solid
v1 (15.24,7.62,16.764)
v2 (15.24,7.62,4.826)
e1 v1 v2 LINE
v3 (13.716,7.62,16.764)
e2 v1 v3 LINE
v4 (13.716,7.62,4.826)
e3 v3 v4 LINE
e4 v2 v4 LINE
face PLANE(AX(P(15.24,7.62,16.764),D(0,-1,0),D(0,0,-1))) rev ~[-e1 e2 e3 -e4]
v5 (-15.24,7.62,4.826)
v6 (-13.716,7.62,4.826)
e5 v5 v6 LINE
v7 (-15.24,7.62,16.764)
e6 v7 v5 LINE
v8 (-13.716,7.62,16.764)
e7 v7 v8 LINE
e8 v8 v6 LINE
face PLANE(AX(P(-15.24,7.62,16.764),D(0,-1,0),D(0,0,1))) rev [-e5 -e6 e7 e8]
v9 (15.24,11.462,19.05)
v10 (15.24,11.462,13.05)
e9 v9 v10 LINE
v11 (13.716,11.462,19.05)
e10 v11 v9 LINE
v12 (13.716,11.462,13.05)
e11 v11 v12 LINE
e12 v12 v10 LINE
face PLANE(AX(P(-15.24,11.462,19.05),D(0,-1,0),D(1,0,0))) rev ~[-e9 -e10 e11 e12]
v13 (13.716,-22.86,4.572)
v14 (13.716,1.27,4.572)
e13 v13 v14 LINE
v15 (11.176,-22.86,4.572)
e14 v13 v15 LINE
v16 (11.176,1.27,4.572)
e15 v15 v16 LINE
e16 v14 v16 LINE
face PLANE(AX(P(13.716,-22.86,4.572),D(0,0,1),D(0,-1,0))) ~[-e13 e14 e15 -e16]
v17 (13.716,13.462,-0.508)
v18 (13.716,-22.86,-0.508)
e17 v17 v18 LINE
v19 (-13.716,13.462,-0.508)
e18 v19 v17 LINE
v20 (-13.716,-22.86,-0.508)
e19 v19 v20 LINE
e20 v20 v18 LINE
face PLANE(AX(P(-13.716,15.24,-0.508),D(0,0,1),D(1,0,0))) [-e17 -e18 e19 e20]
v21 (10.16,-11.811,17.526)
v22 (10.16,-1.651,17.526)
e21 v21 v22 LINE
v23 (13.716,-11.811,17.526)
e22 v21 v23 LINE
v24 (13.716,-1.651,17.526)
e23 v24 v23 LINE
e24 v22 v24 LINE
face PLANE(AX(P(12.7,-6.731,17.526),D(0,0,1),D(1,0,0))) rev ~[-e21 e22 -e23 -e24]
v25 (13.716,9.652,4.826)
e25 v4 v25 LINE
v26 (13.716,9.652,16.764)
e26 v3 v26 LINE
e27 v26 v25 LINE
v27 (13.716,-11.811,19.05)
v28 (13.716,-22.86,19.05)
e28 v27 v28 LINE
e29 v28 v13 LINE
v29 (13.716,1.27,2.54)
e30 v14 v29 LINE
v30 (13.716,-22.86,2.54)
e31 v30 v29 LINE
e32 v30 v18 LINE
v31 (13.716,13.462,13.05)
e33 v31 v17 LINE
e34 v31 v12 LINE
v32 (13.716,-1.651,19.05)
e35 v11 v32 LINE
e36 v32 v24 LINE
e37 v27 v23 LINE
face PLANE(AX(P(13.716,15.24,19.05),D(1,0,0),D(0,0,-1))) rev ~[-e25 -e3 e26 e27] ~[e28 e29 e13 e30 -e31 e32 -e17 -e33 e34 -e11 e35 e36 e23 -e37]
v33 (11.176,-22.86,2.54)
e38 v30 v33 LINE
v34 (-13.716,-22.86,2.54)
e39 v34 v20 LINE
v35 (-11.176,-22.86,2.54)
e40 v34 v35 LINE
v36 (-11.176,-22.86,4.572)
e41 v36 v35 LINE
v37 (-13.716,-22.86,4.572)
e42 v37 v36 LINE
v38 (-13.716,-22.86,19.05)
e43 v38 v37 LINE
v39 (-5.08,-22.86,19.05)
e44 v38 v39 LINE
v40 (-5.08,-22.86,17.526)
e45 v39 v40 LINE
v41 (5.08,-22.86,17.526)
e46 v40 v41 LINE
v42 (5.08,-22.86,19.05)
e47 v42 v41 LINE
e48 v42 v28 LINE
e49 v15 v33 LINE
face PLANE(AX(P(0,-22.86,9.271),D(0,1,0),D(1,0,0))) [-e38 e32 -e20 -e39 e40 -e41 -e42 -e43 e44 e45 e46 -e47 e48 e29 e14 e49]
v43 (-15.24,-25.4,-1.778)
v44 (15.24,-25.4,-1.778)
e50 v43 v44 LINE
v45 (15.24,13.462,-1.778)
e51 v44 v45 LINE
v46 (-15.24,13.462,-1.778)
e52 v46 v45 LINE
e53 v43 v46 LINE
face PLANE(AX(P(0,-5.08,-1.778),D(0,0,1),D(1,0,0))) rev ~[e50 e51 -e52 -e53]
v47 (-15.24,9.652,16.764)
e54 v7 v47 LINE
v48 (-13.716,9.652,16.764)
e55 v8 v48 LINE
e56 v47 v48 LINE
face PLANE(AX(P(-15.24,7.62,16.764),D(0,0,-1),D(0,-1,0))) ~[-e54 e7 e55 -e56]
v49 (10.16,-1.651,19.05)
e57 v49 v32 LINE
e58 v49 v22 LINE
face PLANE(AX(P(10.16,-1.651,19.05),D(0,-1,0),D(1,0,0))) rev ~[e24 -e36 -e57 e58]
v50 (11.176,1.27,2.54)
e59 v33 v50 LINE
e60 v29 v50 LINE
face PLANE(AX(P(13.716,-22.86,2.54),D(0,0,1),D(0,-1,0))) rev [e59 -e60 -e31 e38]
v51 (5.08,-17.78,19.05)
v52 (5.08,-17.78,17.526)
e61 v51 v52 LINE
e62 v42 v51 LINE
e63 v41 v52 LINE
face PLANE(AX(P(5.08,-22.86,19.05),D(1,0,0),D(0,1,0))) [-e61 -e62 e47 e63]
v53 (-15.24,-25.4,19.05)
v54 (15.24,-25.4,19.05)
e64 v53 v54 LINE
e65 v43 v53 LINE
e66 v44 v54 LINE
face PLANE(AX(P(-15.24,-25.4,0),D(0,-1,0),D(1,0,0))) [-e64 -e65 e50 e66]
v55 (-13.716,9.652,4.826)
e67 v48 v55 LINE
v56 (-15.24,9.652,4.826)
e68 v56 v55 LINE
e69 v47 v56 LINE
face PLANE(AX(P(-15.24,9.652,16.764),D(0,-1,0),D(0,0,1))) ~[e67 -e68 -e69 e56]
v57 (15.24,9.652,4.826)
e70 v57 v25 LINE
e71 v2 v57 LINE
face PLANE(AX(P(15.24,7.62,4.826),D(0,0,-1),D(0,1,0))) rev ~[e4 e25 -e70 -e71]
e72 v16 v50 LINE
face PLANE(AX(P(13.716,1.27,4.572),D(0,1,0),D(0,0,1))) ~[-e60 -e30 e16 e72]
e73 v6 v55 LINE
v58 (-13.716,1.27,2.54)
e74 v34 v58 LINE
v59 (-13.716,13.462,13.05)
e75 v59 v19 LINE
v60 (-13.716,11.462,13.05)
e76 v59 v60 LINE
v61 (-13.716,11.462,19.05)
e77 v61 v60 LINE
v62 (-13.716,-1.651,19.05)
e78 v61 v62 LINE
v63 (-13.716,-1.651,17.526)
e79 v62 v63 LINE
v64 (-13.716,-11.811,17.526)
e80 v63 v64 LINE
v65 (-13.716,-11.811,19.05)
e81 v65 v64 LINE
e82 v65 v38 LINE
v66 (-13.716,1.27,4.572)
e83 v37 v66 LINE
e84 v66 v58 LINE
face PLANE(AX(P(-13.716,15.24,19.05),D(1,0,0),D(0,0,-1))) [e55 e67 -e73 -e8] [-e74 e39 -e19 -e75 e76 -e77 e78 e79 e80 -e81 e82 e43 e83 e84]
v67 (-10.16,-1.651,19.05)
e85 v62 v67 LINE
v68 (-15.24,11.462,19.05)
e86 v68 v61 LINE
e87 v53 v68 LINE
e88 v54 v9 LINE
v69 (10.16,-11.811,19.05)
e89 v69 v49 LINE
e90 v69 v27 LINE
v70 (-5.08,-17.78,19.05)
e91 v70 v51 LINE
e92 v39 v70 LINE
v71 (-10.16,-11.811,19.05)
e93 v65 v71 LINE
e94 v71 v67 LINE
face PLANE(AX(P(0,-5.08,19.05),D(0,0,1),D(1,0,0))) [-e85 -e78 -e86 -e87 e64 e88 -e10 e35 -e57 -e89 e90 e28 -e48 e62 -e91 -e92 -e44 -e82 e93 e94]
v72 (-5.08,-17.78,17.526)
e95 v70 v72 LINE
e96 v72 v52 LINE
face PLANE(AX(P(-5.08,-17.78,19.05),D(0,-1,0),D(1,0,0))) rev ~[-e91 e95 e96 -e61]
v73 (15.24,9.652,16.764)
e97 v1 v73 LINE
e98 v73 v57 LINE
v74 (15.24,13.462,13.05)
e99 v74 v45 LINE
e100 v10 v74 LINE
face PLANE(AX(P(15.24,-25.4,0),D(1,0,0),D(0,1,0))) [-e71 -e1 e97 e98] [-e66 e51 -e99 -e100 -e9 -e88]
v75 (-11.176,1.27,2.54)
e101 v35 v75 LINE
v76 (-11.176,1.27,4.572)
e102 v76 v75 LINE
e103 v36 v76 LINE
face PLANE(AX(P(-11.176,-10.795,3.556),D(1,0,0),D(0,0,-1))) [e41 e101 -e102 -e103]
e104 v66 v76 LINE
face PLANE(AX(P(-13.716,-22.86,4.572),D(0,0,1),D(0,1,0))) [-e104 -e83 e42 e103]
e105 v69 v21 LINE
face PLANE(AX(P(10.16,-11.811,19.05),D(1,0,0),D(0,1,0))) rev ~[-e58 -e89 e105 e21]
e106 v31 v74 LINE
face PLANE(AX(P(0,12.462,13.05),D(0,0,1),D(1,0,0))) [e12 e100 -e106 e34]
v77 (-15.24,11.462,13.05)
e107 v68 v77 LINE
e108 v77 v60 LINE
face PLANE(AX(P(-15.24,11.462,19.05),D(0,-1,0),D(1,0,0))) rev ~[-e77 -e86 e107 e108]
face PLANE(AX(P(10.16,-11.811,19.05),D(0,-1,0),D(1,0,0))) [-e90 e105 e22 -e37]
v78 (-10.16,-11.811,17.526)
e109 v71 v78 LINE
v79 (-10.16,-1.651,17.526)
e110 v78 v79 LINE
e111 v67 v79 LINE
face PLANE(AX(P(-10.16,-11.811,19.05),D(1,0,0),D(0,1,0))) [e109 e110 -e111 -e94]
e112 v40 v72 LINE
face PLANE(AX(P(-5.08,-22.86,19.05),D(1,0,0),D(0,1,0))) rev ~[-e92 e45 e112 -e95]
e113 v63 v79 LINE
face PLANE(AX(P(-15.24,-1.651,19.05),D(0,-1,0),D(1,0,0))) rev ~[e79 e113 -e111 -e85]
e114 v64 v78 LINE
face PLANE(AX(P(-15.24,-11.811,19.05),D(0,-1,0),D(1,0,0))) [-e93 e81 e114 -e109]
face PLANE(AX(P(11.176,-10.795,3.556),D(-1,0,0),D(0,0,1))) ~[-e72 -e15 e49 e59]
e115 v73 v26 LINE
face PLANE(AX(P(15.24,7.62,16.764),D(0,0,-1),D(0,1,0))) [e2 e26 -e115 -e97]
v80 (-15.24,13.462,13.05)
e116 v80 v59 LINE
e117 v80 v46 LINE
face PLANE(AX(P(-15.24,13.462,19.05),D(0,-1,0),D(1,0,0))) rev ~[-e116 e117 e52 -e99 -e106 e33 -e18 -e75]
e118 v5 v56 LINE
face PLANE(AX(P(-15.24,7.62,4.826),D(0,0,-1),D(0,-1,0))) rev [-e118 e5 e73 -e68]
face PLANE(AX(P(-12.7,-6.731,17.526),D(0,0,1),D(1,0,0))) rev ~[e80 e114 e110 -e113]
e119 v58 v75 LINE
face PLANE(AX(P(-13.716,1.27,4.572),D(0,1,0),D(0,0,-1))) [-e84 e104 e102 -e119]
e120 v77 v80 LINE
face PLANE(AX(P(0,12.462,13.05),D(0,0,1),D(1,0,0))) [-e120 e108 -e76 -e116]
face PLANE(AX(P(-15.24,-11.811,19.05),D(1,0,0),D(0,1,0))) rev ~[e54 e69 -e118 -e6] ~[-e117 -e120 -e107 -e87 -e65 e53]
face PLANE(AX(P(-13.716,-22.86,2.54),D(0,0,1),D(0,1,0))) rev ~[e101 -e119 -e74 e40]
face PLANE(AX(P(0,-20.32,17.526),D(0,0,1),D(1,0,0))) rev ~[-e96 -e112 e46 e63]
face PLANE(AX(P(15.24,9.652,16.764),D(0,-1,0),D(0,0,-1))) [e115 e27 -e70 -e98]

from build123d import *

# Parameters (mm, degrees)
SKETCH1_W                = 30.48
SKETCH1_H                = 40.64
INITIAL_BLOCK_DEPTH      = 19.05
INITIAL_BLOCK_DEPTH_BACK = 1.778
SKETCH2_W                = 27.432
SKETCH2_H                = 19.558
INITIAL_CUT_DEPTH        = 38.1
SKETCH20_W               = 5.08
SKETCH20_H               = 10.16
SKETCH20_W_2             = 10.16
SKETCH20_H_2             = 5.08
BOSS_EXTRUDE1_DEPTH      = 1.524
SKETCH21_W               = 2.032
SKETCH21_H               = 24.13
BOSS_EXTRUDE2_DEPTH      = 2.54
SKETCH27_W               = 11.938
SKETCH27_H               = 2.032
CUT_EXTRUDE6_DEPTH       = 1.524
SKETCH28_W               = 30.48
SKETCH28_H               = 1.778
CUT_EXTRUDE7_DEPTH       = 21.828
SKETCH29_W               = 30.48
SKETCH29_H               = 2
CUT_EXTRUDE8_DEPTH       = 6


with BuildPart() as part:
    # Sketch1 → Initial Block (new body, two sides)
    with BuildSketch(Plane.XY) as initial_block_sk:
        with Locations((0, -5.08)):
            Rectangle(SKETCH1_W, SKETCH1_H)
    extrude(amount=INITIAL_BLOCK_DEPTH)
    extrude(initial_block_sk.sketch, amount=-INITIAL_BLOCK_DEPTH_BACK)

    # Sketch2 → Initial Cut (cut)
    with BuildSketch(Plane(origin=(0, 15.24, 0), x_dir=(1, 0, 0), z_dir=(0, 1, 0))):
        with Locations((0, -9.271)):
            Rectangle(SKETCH2_W, SKETCH2_H)
    extrude(amount=-INITIAL_CUT_DEPTH, mode=Mode.SUBTRACT)

    # Sketch20 → Boss-Extrude1 (add)
    with BuildSketch(Plane.XY.offset(19.05)):
        with Locations((-12.7, -6.731)):
            Rectangle(SKETCH20_W, SKETCH20_H)
        with Locations((12.7, -6.731)):
            Rectangle(SKETCH20_W, SKETCH20_H)
        with Locations((0, -20.32)):
            Rectangle(SKETCH20_W_2, SKETCH20_H_2)
    extrude(amount=-BOSS_EXTRUDE1_DEPTH)

    # Sketch21 → Boss-Extrude2 (add)
    with BuildSketch(Plane(origin=(-13.716, 0, 0), x_dir=(0, 0, -1), z_dir=(1, 0, 0))):
        with Locations((-3.556, -10.795)):
            Rectangle(SKETCH21_W, SKETCH21_H)
    boss_extrude2 = extrude(amount=BOSS_EXTRUDE2_DEPTH)

    # Mirror2: Boss-Extrude2 across plane
    add(boss_extrude2.mirror(Plane(origin=(0, 0, 0), x_dir=(0, 0, 1), z_dir=(1, 0, 0))))

    # Sketch27 → Cut-Extrude6 (cut)
    with BuildSketch(Plane(origin=(15.24, 0, 0), x_dir=(0, 0, -1), z_dir=(1, 0, 0))):
        with Locations((-10.795, 8.636)):
            Rectangle(SKETCH27_W, SKETCH27_H)
    cut_extrude6 = extrude(amount=-CUT_EXTRUDE6_DEPTH, mode=Mode.SUBTRACT)

    # Mirror6: Cut-Extrude6 across plane
    add(cut_extrude6.mirror(Plane(origin=(0, 0, 0), x_dir=(0, 0, 1), z_dir=(1, 0, 0))), mode=Mode.SUBTRACT)

    # Sketch28 → Cut-Extrude7 (cut, through all)
    with BuildSketch(Plane.XY.offset(19.05)):
        with Locations((0, 14.351)):
            Rectangle(SKETCH28_W, SKETCH28_H)
    extrude(amount=-CUT_EXTRUDE7_DEPTH, mode=Mode.SUBTRACT)

    # Sketch29 → Cut-Extrude8 (cut)
    with BuildSketch(Plane.XY.offset(19.05)):
        with Locations((0, 12.462)):
            Rectangle(SKETCH29_W, SKETCH29_H)
    extrude(amount=-CUT_EXTRUDE8_DEPTH, mode=Mode.SUBTRACT)


solid = part.part
